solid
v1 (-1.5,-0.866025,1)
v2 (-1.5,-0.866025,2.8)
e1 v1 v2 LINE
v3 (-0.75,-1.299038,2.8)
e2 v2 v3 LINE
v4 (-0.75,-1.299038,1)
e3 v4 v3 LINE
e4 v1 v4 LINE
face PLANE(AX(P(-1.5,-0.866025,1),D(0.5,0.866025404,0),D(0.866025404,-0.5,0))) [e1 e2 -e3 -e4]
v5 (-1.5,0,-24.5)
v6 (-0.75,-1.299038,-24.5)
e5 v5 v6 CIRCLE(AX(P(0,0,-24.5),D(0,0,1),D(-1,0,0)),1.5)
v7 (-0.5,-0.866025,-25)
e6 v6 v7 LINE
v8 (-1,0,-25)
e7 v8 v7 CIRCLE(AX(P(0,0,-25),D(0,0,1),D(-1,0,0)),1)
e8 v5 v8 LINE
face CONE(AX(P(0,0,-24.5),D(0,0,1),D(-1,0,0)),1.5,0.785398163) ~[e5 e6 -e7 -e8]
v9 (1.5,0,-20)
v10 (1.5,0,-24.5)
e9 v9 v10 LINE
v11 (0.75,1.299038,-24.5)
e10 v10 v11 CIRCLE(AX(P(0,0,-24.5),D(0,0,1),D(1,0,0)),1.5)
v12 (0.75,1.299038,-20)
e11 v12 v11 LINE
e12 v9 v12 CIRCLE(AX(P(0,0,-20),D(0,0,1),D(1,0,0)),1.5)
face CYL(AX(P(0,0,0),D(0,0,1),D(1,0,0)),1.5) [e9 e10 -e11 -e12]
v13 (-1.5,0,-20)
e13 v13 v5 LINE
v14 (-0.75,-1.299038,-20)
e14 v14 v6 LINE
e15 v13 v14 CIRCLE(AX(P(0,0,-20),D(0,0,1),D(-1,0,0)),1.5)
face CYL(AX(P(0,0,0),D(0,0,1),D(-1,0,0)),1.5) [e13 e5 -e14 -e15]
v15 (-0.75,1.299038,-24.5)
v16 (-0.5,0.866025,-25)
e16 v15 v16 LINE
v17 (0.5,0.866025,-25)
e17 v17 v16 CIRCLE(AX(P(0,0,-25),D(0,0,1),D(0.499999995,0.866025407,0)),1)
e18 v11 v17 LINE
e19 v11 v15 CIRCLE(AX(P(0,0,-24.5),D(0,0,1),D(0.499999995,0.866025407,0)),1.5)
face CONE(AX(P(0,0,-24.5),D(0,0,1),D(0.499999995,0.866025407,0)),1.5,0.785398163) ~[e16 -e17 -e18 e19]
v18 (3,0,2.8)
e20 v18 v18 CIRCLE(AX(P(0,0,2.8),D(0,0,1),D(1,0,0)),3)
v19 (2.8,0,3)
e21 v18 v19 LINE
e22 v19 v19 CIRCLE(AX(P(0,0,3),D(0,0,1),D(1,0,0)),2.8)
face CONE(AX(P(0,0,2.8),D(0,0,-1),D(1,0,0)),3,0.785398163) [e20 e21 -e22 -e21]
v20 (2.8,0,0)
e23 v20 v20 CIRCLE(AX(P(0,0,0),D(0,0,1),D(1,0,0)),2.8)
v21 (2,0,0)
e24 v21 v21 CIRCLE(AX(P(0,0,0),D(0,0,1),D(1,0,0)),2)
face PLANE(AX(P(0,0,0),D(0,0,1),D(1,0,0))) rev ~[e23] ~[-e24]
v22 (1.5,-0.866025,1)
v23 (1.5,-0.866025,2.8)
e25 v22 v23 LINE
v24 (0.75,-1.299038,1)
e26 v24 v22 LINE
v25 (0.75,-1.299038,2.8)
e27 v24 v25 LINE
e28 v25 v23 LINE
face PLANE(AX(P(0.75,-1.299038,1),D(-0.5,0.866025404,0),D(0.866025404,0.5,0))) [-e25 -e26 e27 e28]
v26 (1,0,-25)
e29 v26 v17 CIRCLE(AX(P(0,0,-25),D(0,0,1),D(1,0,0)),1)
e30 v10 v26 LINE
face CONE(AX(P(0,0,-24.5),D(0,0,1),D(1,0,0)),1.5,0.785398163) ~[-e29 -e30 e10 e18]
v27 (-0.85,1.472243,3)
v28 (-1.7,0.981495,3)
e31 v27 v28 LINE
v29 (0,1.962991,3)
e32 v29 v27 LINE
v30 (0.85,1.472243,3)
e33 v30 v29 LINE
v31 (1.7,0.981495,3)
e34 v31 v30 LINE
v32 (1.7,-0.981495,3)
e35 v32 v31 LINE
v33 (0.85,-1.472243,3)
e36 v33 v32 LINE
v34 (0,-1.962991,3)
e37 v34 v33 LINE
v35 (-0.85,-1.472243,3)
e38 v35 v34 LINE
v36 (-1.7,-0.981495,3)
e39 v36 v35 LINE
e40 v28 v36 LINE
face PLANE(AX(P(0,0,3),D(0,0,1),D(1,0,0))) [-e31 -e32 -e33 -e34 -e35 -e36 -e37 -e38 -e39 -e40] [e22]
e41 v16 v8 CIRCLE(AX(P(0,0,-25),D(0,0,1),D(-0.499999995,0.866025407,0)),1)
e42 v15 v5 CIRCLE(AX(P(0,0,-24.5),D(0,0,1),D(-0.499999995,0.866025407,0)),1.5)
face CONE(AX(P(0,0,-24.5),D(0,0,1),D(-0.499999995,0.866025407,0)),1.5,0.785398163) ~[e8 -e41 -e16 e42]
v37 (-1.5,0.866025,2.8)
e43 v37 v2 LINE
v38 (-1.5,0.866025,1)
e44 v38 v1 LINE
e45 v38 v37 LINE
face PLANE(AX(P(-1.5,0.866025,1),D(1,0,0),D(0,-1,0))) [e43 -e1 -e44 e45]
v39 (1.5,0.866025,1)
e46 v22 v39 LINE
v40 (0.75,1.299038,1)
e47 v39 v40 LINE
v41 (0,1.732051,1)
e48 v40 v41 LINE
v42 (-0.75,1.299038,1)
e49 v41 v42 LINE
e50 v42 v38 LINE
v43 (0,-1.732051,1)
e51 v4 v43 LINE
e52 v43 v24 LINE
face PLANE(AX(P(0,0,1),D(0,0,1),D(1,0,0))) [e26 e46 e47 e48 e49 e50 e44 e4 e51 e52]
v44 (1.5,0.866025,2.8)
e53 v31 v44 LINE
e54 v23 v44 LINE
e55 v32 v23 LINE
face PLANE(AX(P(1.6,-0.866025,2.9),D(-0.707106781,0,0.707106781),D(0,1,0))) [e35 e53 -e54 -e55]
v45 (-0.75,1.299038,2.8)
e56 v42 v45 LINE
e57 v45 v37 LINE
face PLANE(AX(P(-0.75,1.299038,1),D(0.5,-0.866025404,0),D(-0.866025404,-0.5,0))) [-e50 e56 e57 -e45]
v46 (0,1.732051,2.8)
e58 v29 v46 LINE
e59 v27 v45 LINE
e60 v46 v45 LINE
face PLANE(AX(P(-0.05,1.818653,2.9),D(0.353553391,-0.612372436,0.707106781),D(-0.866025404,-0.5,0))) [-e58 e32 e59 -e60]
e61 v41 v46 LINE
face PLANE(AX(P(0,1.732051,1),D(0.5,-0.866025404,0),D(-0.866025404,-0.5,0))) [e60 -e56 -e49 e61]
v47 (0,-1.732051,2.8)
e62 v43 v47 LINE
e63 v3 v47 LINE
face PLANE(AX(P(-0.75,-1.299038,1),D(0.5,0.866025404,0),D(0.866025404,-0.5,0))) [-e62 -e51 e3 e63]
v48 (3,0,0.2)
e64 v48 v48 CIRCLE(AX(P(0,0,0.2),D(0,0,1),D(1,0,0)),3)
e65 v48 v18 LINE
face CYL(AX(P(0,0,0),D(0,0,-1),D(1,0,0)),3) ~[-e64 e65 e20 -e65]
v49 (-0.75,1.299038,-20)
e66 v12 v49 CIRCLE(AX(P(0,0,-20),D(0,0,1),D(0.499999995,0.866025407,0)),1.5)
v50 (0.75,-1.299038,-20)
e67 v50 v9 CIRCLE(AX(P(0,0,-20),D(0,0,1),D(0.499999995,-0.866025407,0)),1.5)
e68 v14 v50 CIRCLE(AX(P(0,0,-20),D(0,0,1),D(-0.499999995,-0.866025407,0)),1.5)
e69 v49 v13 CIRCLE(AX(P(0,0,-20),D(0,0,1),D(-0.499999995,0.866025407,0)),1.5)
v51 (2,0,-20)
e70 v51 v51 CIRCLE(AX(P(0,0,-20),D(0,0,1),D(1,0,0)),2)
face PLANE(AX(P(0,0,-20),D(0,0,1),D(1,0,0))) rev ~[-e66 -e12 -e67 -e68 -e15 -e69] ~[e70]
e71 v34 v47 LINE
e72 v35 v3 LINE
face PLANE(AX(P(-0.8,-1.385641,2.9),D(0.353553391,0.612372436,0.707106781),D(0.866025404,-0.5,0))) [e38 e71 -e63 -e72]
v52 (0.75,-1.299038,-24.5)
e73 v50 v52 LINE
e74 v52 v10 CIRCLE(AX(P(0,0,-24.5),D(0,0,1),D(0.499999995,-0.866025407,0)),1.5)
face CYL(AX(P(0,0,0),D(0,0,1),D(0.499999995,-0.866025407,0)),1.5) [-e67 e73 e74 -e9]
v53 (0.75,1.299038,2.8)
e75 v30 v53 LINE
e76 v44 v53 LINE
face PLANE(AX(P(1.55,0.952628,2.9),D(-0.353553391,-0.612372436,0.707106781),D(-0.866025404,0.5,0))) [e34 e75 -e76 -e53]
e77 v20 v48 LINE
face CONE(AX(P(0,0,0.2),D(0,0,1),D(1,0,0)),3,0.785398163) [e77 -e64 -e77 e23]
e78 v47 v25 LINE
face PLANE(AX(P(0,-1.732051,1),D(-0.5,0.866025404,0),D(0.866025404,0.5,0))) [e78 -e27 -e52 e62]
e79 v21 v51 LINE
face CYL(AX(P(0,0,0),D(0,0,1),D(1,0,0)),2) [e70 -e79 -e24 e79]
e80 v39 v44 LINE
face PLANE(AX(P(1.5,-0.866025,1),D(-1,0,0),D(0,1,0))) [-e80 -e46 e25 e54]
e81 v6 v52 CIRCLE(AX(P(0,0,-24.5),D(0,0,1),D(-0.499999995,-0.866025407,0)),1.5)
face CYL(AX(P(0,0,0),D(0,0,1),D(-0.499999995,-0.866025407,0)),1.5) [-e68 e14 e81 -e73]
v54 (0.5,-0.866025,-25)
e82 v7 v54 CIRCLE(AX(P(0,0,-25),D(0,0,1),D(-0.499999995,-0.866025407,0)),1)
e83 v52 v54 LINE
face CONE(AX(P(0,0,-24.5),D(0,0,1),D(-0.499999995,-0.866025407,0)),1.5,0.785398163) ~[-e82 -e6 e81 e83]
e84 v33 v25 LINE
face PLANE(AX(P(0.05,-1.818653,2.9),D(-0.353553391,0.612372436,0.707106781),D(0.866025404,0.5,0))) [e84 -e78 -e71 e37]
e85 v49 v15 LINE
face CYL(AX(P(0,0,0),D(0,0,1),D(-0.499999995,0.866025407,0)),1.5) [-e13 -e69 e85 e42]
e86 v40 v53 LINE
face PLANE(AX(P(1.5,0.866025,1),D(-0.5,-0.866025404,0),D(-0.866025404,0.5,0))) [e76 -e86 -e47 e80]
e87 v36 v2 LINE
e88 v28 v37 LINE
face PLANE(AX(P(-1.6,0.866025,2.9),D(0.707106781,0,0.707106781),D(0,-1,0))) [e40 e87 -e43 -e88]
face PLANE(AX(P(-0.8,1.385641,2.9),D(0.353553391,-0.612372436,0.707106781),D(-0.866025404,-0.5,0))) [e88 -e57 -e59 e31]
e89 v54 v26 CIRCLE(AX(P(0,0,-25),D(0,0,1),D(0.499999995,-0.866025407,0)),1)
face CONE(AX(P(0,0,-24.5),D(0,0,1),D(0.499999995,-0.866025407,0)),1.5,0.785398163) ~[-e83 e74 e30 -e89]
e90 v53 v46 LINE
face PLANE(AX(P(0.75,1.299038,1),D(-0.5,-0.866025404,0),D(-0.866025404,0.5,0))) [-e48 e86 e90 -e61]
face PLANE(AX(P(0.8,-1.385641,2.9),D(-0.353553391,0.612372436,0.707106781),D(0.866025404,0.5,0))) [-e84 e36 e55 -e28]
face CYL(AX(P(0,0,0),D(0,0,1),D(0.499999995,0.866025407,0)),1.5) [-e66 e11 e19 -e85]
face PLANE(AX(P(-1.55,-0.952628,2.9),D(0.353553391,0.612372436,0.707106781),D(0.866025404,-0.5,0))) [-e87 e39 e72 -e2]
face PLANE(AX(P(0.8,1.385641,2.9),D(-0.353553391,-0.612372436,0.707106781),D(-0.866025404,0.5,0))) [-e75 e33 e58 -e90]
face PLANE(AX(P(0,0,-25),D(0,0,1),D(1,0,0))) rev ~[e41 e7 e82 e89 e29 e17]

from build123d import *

# Parameters (mm, degrees)
F0_R     = 3
F0_R_2   = 2
F1_DEPTH = 3
F2_DEPTH = 20
F3_DEPTH = 25
F4_START = 1
F4_DEPTH = 2
F5_SIZE  = 0.2
F6_SIZE  = 0.5


with BuildPart() as f1:
    # F0 (on Top) → F1 (new body)
    with BuildSketch(Plane.XY):
        Circle(F0_R)
        Circle(F0_R_2, mode=Mode.SUBTRACT)
        Circle(F0_R_2)
        Polygon((1.5, 0.8660254038), (1.5, 0), (1.5, -0.8660254038), (0.7499999928, -1.2990381098), (0, -1.7320508076), (-0.7499999928, -1.2990381098), (-1.5, -0.8660254038), (-1.5, 0), (-1.5, 0.8660254038), (-0.7499999928, 1.2990381098), (0, 1.7320508076), (0.7499999928, 1.2990381098), align=None, mode=Mode.SUBTRACT)
        with BuildLine():
            ThreePointArc((0.7499999928, -1.2990381098), (1.2990381036, -0.7500000036), (1.5, 0))
            ThreePointArc((1.5, 0), (1.2990381036, 0.7500000036), (0.7499999928, 1.2990381098))
            ThreePointArc((0.7499999928, 1.2990381098), (0, 1.5), (-0.7499999928, 1.2990381098))
            ThreePointArc((-0.7499999928, 1.2990381098), (-1.2990381036, 0.7500000036), (-1.5, 0))
            ThreePointArc((-1.5, 0), (-1.2990381036, -0.7500000036), (-0.7499999928, -1.2990381098))
            ThreePointArc((-0.7499999928, -1.2990381098), (0, -1.5), (0.7499999928, -1.2990381098))
        make_face()
        with BuildLine():
            Line((0, -1.7320508076), (0.7499999928, -1.2990381098))
            ThreePointArc((0.7499999928, -1.2990381098), (0, -1.5), (-0.7499999928, -1.2990381098))
            Line((-0.7499999928, -1.2990381098), (0, -1.7320508076))
        make_face()
        with BuildLine():
            Line((1.5, -0.8660254038), (1.5, 0))
            ThreePointArc((1.5, 0), (1.2990381036, -0.7500000036), (0.7499999928, -1.2990381098))
            Line((0.7499999928, -1.2990381098), (1.5, -0.8660254038))
        make_face()
        with BuildLine():
            ThreePointArc((0.7499999928, 1.2990381098), (1.2990381036, 0.7500000036), (1.5, 0))
            Line((1.5, 0), (1.5, 0.8660254038))
            Line((1.5, 0.8660254038), (0.7499999928, 1.2990381098))
        make_face()
        with BuildLine():
            ThreePointArc((-0.7499999928, 1.2990381098), (0, 1.5), (0.7499999928, 1.2990381098))
            Line((0.7499999928, 1.2990381098), (0, 1.7320508076))
            Line((0, 1.7320508076), (-0.7499999928, 1.2990381098))
        make_face()
        with BuildLine():
            ThreePointArc((-1.5, 0), (-1.2990381036, 0.7500000036), (-0.7499999928, 1.2990381098))
            Line((-0.7499999928, 1.2990381098), (-1.5, 0.8660254038))
            Line((-1.5, 0.8660254038), (-1.5, 0))
        make_face()
        with BuildLine():
            Line((-1.5, -0.8660254038), (-0.7499999928, -1.2990381098))
            ThreePointArc((-0.7499999928, -1.2990381098), (-1.2990381036, -0.7500000036), (-1.5, 0))
            Line((-1.5, 0), (-1.5, -0.8660254038))
        make_face()
    extrude(amount=F1_DEPTH)

    # F0 (on Top) → F2 (join)
    with BuildSketch(Plane.XY):
        Circle(F0_R_2)
        Polygon((1.5, 0.8660254038), (1.5, 0), (1.5, -0.8660254038), (0.7499999928, -1.2990381098), (0, -1.7320508076), (-0.7499999928, -1.2990381098), (-1.5, -0.8660254038), (-1.5, 0), (-1.5, 0.8660254038), (-0.7499999928, 1.2990381098), (0, 1.7320508076), (0.7499999928, 1.2990381098), align=None, mode=Mode.SUBTRACT)
        with BuildLine():
            ThreePointArc((0.7499999928, -1.2990381098), (1.2990381036, -0.7500000036), (1.5, 0))
            ThreePointArc((1.5, 0), (1.2990381036, 0.7500000036), (0.7499999928, 1.2990381098))
            ThreePointArc((0.7499999928, 1.2990381098), (0, 1.5), (-0.7499999928, 1.2990381098))
            ThreePointArc((-0.7499999928, 1.2990381098), (-1.2990381036, 0.7500000036), (-1.5, 0))
            ThreePointArc((-1.5, 0), (-1.2990381036, -0.7500000036), (-0.7499999928, -1.2990381098))
            ThreePointArc((-0.7499999928, -1.2990381098), (0, -1.5), (0.7499999928, -1.2990381098))
        make_face()
        with BuildLine():
            Line((0, -1.7320508076), (0.7499999928, -1.2990381098))
            ThreePointArc((0.7499999928, -1.2990381098), (0, -1.5), (-0.7499999928, -1.2990381098))
            Line((-0.7499999928, -1.2990381098), (0, -1.7320508076))
        make_face()
        with BuildLine():
            Line((1.5, -0.8660254038), (1.5, 0))
            ThreePointArc((1.5, 0), (1.2990381036, -0.7500000036), (0.7499999928, -1.2990381098))
            Line((0.7499999928, -1.2990381098), (1.5, -0.8660254038))
        make_face()
        with BuildLine():
            ThreePointArc((0.7499999928, 1.2990381098), (1.2990381036, 0.7500000036), (1.5, 0))
            Line((1.5, 0), (1.5, 0.8660254038))
            Line((1.5, 0.8660254038), (0.7499999928, 1.2990381098))
        make_face()
        with BuildLine():
            ThreePointArc((-0.7499999928, 1.2990381098), (0, 1.5), (0.7499999928, 1.2990381098))
            Line((0.7499999928, 1.2990381098), (0, 1.7320508076))
            Line((0, 1.7320508076), (-0.7499999928, 1.2990381098))
        make_face()
        with BuildLine():
            ThreePointArc((-1.5, 0), (-1.2990381036, 0.7500000036), (-0.7499999928, 1.2990381098))
            Line((-0.7499999928, 1.2990381098), (-1.5, 0.8660254038))
            Line((-1.5, 0.8660254038), (-1.5, 0))
        make_face()
        with BuildLine():
            Line((-1.5, -0.8660254038), (-0.7499999928, -1.2990381098))
            ThreePointArc((-0.7499999928, -1.2990381098), (-1.2990381036, -0.7500000036), (-1.5, 0))
            Line((-1.5, 0), (-1.5, -0.8660254038))
        make_face()
    extrude(amount=-F2_DEPTH)

    # F0 (on Top) → F3 (join)
    with BuildSketch(Plane.XY):
        with BuildLine():
            ThreePointArc((0.7499999928, -1.2990381098), (1.2990381036, -0.7500000036), (1.5, 0))
            ThreePointArc((1.5, 0), (1.2990381036, 0.7500000036), (0.7499999928, 1.2990381098))
            ThreePointArc((0.7499999928, 1.2990381098), (0, 1.5), (-0.7499999928, 1.2990381098))
            ThreePointArc((-0.7499999928, 1.2990381098), (-1.2990381036, 0.7500000036), (-1.5, 0))
            ThreePointArc((-1.5, 0), (-1.2990381036, -0.7500000036), (-0.7499999928, -1.2990381098))
            ThreePointArc((-0.7499999928, -1.2990381098), (0, -1.5), (0.7499999928, -1.2990381098))
        make_face()
    extrude(amount=-F3_DEPTH)

    # F0 (on Top) → F4 (cut)
    with BuildSketch(Plane.XY.offset(F4_START)):
        with BuildLine():
            ThreePointArc((0.7499999928, -1.2990381098), (1.2990381036, -0.7500000036), (1.5, 0))
            ThreePointArc((1.5, 0), (1.2990381036, 0.7500000036), (0.7499999928, 1.2990381098))
            ThreePointArc((0.7499999928, 1.2990381098), (0, 1.5), (-0.7499999928, 1.2990381098))
            ThreePointArc((-0.7499999928, 1.2990381098), (-1.2990381036, 0.7500000036), (-1.5, 0))
            ThreePointArc((-1.5, 0), (-1.2990381036, -0.7500000036), (-0.7499999928, -1.2990381098))
            ThreePointArc((-0.7499999928, -1.2990381098), (0, -1.5), (0.7499999928, -1.2990381098))
        make_face()
        with BuildLine():
            ThreePointArc((-0.7499999928, 1.2990381098), (0, 1.5), (0.7499999928, 1.2990381098))
            Line((0.7499999928, 1.2990381098), (0, 1.7320508076))
            Line((0, 1.7320508076), (-0.7499999928, 1.2990381098))
        make_face()
        with BuildLine():
            ThreePointArc((0.7499999928, 1.2990381098), (1.2990381036, 0.7500000036), (1.5, 0))
            Line((1.5, 0), (1.5, 0.8660254038))
            Line((1.5, 0.8660254038), (0.7499999928, 1.2990381098))
        make_face()
        with BuildLine():
            Line((1.5, -0.8660254038), (1.5, 0))
            ThreePointArc((1.5, 0), (1.2990381036, -0.7500000036), (0.7499999928, -1.2990381098))
            Line((0.7499999928, -1.2990381098), (1.5, -0.8660254038))
        make_face()
        with BuildLine():
            Line((0, -1.7320508076), (0.7499999928, -1.2990381098))
            ThreePointArc((0.7499999928, -1.2990381098), (0, -1.5), (-0.7499999928, -1.2990381098))
            Line((-0.7499999928, -1.2990381098), (0, -1.7320508076))
        make_face()
        with BuildLine():
            ThreePointArc((-1.5, 0), (-1.2990381036, 0.7500000036), (-0.7499999928, 1.2990381098))
            Line((-0.7499999928, 1.2990381098), (-1.5, 0.8660254038))
            Line((-1.5, 0.8660254038), (-1.5, 0))
        make_face()
        with BuildLine():
            Line((-1.5, -0.8660254038), (-0.7499999928, -1.2990381098))
            ThreePointArc((-0.7499999928, -1.2990381098), (-1.2990381036, -0.7500000036), (-1.5, 0))
            Line((-1.5, 0), (-1.5, -0.8660254038))
        make_face()
    extrude(amount=F4_DEPTH, mode=Mode.SUBTRACT)

    # F5
    f5_edges = [f1.edges().sort_by_distance(p)[0] for p in [
        (-3, 0, 3),
        (-0.75, 1.299038, 3),
        (0.75, 1.299038, 3),
        (1.5, 0, 3),
        (0.75, -1.299038, 3),
        (-1.5, 0, 3),
        (-0.75, -1.299038, 3),
        (-3, 0, 0),
    ]]
    chamfer(f5_edges, length=F5_SIZE)

    # F6
    f6_edges = [f1.edges().sort_by_distance(p)[0] for p in [
        (0.75, -1.299038, -25),
    ]]
    chamfer(f6_edges, length=F6_SIZE)


solid = f1.part
